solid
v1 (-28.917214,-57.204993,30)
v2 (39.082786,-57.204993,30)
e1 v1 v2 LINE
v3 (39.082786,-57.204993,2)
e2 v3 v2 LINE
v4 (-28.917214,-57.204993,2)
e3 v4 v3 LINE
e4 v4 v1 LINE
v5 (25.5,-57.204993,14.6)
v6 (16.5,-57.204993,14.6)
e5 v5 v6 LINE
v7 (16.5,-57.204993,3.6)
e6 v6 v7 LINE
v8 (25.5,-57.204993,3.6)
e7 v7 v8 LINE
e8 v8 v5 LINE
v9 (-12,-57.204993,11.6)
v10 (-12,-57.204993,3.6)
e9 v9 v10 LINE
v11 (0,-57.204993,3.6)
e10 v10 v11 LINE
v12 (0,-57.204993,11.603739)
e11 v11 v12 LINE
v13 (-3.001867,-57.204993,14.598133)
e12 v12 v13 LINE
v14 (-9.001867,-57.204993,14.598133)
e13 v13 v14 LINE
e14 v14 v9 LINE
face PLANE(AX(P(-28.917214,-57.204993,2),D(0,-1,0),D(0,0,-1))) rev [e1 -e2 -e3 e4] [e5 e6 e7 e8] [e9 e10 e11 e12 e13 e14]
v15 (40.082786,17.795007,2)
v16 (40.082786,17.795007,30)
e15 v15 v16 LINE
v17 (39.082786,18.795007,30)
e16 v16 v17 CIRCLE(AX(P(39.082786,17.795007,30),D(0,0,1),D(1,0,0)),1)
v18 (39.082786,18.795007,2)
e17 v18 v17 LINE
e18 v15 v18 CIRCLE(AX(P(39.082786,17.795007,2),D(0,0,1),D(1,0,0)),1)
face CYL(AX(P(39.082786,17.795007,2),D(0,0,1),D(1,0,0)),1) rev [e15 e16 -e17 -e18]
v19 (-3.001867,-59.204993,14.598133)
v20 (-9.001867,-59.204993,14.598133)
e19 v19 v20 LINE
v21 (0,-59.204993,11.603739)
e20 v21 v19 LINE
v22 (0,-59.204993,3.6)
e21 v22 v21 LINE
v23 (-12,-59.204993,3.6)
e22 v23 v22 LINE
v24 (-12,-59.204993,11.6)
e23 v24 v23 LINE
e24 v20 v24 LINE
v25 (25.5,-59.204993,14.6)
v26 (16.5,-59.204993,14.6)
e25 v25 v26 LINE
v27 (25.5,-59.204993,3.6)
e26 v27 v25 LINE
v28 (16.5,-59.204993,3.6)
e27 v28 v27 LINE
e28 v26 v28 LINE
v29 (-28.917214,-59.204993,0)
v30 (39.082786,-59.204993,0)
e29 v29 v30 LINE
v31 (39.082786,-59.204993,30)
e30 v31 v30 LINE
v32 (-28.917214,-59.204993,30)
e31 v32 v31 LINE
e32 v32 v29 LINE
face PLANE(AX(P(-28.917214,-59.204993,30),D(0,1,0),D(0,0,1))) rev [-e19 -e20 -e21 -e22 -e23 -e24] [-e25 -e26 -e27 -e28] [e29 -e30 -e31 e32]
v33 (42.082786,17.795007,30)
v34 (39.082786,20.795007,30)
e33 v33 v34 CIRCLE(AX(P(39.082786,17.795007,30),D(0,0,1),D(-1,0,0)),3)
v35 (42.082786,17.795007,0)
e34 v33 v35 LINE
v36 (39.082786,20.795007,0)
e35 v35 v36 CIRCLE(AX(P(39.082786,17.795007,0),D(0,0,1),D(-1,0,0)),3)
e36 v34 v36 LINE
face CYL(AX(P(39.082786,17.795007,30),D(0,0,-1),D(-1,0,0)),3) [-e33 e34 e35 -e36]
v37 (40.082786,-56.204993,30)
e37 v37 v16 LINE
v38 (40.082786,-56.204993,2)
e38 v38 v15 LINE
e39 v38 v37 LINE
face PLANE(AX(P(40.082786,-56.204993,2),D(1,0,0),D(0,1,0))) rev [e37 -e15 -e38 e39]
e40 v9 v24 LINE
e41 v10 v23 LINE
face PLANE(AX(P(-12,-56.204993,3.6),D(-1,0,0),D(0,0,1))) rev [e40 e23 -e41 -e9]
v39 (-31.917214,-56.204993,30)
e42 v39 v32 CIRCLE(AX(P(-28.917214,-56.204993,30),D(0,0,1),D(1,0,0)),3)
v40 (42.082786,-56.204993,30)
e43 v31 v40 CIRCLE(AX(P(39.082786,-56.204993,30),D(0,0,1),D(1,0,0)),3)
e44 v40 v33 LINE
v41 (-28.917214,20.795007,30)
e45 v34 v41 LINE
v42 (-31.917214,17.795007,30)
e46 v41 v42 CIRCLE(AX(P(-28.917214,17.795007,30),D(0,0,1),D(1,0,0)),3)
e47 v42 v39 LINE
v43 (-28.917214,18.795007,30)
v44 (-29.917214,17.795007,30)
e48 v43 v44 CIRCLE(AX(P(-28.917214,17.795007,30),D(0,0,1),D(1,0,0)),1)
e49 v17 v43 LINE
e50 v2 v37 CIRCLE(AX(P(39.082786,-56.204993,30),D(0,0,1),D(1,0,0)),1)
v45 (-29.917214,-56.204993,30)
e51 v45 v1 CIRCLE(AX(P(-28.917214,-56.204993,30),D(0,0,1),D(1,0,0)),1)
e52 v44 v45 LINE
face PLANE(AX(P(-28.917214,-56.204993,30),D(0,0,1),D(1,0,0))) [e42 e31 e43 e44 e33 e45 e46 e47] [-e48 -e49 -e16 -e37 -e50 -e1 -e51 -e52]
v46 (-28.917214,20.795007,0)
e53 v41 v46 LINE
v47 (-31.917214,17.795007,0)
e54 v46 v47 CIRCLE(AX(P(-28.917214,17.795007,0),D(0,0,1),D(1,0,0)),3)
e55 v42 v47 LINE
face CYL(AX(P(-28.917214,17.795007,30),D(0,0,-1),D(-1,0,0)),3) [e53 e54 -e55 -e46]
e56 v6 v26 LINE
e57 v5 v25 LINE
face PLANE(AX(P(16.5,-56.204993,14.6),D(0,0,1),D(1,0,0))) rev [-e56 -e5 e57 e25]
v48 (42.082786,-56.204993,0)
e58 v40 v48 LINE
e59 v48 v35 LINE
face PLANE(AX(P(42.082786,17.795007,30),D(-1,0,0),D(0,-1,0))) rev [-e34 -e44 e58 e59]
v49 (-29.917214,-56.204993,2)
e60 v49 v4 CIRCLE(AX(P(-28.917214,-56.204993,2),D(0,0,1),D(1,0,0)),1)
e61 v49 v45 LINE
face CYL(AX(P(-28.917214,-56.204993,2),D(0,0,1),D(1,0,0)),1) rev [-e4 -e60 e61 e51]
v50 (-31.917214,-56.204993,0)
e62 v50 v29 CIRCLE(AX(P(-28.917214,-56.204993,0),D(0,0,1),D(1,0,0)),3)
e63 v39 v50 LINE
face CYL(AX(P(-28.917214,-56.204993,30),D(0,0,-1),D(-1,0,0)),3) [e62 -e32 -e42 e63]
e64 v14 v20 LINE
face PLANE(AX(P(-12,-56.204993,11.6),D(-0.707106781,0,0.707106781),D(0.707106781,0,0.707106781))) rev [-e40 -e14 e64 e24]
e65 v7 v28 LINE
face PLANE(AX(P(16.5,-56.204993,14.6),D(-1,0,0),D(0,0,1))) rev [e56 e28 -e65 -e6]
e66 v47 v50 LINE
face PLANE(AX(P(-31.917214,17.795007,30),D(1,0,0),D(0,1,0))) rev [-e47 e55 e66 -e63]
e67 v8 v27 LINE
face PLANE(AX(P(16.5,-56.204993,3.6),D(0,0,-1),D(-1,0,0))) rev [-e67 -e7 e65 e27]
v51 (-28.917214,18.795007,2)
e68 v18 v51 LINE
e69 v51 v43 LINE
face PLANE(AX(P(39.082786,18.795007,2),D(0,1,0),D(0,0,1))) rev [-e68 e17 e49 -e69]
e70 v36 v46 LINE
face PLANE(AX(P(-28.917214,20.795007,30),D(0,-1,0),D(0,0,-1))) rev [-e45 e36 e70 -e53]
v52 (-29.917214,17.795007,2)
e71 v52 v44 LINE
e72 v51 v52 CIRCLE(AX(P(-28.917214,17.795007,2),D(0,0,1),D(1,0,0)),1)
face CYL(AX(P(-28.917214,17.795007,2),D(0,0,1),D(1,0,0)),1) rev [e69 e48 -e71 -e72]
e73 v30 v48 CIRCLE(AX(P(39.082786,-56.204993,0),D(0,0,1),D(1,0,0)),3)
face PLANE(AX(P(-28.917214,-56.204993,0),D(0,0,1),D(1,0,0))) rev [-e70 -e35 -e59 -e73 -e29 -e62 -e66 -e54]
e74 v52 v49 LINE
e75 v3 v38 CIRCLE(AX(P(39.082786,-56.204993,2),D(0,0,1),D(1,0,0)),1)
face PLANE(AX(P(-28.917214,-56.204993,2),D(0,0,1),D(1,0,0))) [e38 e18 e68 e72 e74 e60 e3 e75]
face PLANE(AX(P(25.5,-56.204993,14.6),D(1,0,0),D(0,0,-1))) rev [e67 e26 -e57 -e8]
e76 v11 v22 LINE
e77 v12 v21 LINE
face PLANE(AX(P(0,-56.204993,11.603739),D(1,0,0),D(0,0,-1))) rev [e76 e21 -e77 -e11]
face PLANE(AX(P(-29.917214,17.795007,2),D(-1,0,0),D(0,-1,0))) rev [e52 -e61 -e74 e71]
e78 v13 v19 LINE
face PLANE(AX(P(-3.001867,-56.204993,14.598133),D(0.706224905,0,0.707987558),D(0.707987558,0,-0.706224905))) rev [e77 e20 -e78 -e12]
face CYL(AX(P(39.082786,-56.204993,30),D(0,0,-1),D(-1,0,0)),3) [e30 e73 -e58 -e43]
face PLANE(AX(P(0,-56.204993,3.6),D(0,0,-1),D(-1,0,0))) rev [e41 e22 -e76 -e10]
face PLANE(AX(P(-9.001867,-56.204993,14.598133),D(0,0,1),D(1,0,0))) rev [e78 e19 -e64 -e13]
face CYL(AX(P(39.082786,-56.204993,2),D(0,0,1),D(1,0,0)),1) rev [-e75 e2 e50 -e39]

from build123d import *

# Parameters (mm, degrees)
BOSS_EXTRUDE2_DEPTH = 30
CUT_EXTRUDE3_DEPTH  = 28
SKETCH10_W          = 9
SKETCH10_H          = 11
CUT_EXTRUDE4_DEPTH  = 3


with BuildPart() as part:
    # Sketch2 → Boss-Extrude2 (new body)
    with BuildSketch(Plane.XY):
        with BuildLine():
            Line((-28.917214192, 20.79500657), (39.082785808, 20.79500657))
            ThreePointArc((39.082785808, 20.79500657), (41.204106152, 19.916326914), (42.082785808, 17.79500657))
            Line((42.082785808, 17.79500657), (42.082785808, -56.20499343))
            ThreePointArc((42.082785808, -56.20499343), (41.204106152, -58.326313773), (39.082785808, -59.20499343))
            Line((39.082785808, -59.20499343), (-28.917214192, -59.20499343))
            ThreePointArc((-28.917214192, -59.20499343), (-31.038534535, -58.326313773), (-31.917214192, -56.20499343))
            Line((-31.917214192, -56.20499343), (-31.917214192, 17.79500657))
            ThreePointArc((-31.917214192, 17.79500657), (-31.038534535, 19.916326914), (-28.917214192, 20.79500657))
        make_face()
    extrude(amount=BOSS_EXTRUDE2_DEPTH)

    # Sketch7 → Cut-Extrude3 (cut)
    with BuildSketch(Plane.XY.offset(30)):
        with BuildLine():
            Line((-28.917214192, -57.20499343), (39.082785808, -57.20499343))
            ThreePointArc((39.082785808, -57.20499343), (39.789892589, -56.912100211), (40.082785808, -56.20499343))
            Line((40.082785808, -56.20499343), (40.082785808, 17.79500657))
            ThreePointArc((40.082785808, 17.79500657), (39.789892589, 18.502113351), (39.082785808, 18.79500657))
            Line((39.082785808, 18.79500657), (-28.917214192, 18.79500657))
            ThreePointArc((-28.917214192, 18.79500657), (-29.624320973, 18.502113351), (-29.917214192, 17.79500657))
            Line((-29.917214192, 17.79500657), (-29.917214192, -56.20499343))
            ThreePointArc((-29.917214192, -56.20499343), (-29.624320973, -56.912100211), (-28.917214192, -57.20499343))
        make_face()
    extrude(amount=-CUT_EXTRUDE3_DEPTH, mode=Mode.SUBTRACT)

    # Sketch10 → Cut-Extrude4 (cut)
    with BuildSketch(Plane.XZ.offset(59.20499343)):
        Polygon((-12, 11.6), (-9.001867248, 14.598132752), (-3.001867248, 14.598132752), (0, 11.603739153), (0, 3.6), (-12, 3.6), align=None)
        with Locations((21, 9.1)):
            Rectangle(SKETCH10_W, SKETCH10_H)
    extrude(amount=-CUT_EXTRUDE4_DEPTH, mode=Mode.SUBTRACT)


solid = part.part
